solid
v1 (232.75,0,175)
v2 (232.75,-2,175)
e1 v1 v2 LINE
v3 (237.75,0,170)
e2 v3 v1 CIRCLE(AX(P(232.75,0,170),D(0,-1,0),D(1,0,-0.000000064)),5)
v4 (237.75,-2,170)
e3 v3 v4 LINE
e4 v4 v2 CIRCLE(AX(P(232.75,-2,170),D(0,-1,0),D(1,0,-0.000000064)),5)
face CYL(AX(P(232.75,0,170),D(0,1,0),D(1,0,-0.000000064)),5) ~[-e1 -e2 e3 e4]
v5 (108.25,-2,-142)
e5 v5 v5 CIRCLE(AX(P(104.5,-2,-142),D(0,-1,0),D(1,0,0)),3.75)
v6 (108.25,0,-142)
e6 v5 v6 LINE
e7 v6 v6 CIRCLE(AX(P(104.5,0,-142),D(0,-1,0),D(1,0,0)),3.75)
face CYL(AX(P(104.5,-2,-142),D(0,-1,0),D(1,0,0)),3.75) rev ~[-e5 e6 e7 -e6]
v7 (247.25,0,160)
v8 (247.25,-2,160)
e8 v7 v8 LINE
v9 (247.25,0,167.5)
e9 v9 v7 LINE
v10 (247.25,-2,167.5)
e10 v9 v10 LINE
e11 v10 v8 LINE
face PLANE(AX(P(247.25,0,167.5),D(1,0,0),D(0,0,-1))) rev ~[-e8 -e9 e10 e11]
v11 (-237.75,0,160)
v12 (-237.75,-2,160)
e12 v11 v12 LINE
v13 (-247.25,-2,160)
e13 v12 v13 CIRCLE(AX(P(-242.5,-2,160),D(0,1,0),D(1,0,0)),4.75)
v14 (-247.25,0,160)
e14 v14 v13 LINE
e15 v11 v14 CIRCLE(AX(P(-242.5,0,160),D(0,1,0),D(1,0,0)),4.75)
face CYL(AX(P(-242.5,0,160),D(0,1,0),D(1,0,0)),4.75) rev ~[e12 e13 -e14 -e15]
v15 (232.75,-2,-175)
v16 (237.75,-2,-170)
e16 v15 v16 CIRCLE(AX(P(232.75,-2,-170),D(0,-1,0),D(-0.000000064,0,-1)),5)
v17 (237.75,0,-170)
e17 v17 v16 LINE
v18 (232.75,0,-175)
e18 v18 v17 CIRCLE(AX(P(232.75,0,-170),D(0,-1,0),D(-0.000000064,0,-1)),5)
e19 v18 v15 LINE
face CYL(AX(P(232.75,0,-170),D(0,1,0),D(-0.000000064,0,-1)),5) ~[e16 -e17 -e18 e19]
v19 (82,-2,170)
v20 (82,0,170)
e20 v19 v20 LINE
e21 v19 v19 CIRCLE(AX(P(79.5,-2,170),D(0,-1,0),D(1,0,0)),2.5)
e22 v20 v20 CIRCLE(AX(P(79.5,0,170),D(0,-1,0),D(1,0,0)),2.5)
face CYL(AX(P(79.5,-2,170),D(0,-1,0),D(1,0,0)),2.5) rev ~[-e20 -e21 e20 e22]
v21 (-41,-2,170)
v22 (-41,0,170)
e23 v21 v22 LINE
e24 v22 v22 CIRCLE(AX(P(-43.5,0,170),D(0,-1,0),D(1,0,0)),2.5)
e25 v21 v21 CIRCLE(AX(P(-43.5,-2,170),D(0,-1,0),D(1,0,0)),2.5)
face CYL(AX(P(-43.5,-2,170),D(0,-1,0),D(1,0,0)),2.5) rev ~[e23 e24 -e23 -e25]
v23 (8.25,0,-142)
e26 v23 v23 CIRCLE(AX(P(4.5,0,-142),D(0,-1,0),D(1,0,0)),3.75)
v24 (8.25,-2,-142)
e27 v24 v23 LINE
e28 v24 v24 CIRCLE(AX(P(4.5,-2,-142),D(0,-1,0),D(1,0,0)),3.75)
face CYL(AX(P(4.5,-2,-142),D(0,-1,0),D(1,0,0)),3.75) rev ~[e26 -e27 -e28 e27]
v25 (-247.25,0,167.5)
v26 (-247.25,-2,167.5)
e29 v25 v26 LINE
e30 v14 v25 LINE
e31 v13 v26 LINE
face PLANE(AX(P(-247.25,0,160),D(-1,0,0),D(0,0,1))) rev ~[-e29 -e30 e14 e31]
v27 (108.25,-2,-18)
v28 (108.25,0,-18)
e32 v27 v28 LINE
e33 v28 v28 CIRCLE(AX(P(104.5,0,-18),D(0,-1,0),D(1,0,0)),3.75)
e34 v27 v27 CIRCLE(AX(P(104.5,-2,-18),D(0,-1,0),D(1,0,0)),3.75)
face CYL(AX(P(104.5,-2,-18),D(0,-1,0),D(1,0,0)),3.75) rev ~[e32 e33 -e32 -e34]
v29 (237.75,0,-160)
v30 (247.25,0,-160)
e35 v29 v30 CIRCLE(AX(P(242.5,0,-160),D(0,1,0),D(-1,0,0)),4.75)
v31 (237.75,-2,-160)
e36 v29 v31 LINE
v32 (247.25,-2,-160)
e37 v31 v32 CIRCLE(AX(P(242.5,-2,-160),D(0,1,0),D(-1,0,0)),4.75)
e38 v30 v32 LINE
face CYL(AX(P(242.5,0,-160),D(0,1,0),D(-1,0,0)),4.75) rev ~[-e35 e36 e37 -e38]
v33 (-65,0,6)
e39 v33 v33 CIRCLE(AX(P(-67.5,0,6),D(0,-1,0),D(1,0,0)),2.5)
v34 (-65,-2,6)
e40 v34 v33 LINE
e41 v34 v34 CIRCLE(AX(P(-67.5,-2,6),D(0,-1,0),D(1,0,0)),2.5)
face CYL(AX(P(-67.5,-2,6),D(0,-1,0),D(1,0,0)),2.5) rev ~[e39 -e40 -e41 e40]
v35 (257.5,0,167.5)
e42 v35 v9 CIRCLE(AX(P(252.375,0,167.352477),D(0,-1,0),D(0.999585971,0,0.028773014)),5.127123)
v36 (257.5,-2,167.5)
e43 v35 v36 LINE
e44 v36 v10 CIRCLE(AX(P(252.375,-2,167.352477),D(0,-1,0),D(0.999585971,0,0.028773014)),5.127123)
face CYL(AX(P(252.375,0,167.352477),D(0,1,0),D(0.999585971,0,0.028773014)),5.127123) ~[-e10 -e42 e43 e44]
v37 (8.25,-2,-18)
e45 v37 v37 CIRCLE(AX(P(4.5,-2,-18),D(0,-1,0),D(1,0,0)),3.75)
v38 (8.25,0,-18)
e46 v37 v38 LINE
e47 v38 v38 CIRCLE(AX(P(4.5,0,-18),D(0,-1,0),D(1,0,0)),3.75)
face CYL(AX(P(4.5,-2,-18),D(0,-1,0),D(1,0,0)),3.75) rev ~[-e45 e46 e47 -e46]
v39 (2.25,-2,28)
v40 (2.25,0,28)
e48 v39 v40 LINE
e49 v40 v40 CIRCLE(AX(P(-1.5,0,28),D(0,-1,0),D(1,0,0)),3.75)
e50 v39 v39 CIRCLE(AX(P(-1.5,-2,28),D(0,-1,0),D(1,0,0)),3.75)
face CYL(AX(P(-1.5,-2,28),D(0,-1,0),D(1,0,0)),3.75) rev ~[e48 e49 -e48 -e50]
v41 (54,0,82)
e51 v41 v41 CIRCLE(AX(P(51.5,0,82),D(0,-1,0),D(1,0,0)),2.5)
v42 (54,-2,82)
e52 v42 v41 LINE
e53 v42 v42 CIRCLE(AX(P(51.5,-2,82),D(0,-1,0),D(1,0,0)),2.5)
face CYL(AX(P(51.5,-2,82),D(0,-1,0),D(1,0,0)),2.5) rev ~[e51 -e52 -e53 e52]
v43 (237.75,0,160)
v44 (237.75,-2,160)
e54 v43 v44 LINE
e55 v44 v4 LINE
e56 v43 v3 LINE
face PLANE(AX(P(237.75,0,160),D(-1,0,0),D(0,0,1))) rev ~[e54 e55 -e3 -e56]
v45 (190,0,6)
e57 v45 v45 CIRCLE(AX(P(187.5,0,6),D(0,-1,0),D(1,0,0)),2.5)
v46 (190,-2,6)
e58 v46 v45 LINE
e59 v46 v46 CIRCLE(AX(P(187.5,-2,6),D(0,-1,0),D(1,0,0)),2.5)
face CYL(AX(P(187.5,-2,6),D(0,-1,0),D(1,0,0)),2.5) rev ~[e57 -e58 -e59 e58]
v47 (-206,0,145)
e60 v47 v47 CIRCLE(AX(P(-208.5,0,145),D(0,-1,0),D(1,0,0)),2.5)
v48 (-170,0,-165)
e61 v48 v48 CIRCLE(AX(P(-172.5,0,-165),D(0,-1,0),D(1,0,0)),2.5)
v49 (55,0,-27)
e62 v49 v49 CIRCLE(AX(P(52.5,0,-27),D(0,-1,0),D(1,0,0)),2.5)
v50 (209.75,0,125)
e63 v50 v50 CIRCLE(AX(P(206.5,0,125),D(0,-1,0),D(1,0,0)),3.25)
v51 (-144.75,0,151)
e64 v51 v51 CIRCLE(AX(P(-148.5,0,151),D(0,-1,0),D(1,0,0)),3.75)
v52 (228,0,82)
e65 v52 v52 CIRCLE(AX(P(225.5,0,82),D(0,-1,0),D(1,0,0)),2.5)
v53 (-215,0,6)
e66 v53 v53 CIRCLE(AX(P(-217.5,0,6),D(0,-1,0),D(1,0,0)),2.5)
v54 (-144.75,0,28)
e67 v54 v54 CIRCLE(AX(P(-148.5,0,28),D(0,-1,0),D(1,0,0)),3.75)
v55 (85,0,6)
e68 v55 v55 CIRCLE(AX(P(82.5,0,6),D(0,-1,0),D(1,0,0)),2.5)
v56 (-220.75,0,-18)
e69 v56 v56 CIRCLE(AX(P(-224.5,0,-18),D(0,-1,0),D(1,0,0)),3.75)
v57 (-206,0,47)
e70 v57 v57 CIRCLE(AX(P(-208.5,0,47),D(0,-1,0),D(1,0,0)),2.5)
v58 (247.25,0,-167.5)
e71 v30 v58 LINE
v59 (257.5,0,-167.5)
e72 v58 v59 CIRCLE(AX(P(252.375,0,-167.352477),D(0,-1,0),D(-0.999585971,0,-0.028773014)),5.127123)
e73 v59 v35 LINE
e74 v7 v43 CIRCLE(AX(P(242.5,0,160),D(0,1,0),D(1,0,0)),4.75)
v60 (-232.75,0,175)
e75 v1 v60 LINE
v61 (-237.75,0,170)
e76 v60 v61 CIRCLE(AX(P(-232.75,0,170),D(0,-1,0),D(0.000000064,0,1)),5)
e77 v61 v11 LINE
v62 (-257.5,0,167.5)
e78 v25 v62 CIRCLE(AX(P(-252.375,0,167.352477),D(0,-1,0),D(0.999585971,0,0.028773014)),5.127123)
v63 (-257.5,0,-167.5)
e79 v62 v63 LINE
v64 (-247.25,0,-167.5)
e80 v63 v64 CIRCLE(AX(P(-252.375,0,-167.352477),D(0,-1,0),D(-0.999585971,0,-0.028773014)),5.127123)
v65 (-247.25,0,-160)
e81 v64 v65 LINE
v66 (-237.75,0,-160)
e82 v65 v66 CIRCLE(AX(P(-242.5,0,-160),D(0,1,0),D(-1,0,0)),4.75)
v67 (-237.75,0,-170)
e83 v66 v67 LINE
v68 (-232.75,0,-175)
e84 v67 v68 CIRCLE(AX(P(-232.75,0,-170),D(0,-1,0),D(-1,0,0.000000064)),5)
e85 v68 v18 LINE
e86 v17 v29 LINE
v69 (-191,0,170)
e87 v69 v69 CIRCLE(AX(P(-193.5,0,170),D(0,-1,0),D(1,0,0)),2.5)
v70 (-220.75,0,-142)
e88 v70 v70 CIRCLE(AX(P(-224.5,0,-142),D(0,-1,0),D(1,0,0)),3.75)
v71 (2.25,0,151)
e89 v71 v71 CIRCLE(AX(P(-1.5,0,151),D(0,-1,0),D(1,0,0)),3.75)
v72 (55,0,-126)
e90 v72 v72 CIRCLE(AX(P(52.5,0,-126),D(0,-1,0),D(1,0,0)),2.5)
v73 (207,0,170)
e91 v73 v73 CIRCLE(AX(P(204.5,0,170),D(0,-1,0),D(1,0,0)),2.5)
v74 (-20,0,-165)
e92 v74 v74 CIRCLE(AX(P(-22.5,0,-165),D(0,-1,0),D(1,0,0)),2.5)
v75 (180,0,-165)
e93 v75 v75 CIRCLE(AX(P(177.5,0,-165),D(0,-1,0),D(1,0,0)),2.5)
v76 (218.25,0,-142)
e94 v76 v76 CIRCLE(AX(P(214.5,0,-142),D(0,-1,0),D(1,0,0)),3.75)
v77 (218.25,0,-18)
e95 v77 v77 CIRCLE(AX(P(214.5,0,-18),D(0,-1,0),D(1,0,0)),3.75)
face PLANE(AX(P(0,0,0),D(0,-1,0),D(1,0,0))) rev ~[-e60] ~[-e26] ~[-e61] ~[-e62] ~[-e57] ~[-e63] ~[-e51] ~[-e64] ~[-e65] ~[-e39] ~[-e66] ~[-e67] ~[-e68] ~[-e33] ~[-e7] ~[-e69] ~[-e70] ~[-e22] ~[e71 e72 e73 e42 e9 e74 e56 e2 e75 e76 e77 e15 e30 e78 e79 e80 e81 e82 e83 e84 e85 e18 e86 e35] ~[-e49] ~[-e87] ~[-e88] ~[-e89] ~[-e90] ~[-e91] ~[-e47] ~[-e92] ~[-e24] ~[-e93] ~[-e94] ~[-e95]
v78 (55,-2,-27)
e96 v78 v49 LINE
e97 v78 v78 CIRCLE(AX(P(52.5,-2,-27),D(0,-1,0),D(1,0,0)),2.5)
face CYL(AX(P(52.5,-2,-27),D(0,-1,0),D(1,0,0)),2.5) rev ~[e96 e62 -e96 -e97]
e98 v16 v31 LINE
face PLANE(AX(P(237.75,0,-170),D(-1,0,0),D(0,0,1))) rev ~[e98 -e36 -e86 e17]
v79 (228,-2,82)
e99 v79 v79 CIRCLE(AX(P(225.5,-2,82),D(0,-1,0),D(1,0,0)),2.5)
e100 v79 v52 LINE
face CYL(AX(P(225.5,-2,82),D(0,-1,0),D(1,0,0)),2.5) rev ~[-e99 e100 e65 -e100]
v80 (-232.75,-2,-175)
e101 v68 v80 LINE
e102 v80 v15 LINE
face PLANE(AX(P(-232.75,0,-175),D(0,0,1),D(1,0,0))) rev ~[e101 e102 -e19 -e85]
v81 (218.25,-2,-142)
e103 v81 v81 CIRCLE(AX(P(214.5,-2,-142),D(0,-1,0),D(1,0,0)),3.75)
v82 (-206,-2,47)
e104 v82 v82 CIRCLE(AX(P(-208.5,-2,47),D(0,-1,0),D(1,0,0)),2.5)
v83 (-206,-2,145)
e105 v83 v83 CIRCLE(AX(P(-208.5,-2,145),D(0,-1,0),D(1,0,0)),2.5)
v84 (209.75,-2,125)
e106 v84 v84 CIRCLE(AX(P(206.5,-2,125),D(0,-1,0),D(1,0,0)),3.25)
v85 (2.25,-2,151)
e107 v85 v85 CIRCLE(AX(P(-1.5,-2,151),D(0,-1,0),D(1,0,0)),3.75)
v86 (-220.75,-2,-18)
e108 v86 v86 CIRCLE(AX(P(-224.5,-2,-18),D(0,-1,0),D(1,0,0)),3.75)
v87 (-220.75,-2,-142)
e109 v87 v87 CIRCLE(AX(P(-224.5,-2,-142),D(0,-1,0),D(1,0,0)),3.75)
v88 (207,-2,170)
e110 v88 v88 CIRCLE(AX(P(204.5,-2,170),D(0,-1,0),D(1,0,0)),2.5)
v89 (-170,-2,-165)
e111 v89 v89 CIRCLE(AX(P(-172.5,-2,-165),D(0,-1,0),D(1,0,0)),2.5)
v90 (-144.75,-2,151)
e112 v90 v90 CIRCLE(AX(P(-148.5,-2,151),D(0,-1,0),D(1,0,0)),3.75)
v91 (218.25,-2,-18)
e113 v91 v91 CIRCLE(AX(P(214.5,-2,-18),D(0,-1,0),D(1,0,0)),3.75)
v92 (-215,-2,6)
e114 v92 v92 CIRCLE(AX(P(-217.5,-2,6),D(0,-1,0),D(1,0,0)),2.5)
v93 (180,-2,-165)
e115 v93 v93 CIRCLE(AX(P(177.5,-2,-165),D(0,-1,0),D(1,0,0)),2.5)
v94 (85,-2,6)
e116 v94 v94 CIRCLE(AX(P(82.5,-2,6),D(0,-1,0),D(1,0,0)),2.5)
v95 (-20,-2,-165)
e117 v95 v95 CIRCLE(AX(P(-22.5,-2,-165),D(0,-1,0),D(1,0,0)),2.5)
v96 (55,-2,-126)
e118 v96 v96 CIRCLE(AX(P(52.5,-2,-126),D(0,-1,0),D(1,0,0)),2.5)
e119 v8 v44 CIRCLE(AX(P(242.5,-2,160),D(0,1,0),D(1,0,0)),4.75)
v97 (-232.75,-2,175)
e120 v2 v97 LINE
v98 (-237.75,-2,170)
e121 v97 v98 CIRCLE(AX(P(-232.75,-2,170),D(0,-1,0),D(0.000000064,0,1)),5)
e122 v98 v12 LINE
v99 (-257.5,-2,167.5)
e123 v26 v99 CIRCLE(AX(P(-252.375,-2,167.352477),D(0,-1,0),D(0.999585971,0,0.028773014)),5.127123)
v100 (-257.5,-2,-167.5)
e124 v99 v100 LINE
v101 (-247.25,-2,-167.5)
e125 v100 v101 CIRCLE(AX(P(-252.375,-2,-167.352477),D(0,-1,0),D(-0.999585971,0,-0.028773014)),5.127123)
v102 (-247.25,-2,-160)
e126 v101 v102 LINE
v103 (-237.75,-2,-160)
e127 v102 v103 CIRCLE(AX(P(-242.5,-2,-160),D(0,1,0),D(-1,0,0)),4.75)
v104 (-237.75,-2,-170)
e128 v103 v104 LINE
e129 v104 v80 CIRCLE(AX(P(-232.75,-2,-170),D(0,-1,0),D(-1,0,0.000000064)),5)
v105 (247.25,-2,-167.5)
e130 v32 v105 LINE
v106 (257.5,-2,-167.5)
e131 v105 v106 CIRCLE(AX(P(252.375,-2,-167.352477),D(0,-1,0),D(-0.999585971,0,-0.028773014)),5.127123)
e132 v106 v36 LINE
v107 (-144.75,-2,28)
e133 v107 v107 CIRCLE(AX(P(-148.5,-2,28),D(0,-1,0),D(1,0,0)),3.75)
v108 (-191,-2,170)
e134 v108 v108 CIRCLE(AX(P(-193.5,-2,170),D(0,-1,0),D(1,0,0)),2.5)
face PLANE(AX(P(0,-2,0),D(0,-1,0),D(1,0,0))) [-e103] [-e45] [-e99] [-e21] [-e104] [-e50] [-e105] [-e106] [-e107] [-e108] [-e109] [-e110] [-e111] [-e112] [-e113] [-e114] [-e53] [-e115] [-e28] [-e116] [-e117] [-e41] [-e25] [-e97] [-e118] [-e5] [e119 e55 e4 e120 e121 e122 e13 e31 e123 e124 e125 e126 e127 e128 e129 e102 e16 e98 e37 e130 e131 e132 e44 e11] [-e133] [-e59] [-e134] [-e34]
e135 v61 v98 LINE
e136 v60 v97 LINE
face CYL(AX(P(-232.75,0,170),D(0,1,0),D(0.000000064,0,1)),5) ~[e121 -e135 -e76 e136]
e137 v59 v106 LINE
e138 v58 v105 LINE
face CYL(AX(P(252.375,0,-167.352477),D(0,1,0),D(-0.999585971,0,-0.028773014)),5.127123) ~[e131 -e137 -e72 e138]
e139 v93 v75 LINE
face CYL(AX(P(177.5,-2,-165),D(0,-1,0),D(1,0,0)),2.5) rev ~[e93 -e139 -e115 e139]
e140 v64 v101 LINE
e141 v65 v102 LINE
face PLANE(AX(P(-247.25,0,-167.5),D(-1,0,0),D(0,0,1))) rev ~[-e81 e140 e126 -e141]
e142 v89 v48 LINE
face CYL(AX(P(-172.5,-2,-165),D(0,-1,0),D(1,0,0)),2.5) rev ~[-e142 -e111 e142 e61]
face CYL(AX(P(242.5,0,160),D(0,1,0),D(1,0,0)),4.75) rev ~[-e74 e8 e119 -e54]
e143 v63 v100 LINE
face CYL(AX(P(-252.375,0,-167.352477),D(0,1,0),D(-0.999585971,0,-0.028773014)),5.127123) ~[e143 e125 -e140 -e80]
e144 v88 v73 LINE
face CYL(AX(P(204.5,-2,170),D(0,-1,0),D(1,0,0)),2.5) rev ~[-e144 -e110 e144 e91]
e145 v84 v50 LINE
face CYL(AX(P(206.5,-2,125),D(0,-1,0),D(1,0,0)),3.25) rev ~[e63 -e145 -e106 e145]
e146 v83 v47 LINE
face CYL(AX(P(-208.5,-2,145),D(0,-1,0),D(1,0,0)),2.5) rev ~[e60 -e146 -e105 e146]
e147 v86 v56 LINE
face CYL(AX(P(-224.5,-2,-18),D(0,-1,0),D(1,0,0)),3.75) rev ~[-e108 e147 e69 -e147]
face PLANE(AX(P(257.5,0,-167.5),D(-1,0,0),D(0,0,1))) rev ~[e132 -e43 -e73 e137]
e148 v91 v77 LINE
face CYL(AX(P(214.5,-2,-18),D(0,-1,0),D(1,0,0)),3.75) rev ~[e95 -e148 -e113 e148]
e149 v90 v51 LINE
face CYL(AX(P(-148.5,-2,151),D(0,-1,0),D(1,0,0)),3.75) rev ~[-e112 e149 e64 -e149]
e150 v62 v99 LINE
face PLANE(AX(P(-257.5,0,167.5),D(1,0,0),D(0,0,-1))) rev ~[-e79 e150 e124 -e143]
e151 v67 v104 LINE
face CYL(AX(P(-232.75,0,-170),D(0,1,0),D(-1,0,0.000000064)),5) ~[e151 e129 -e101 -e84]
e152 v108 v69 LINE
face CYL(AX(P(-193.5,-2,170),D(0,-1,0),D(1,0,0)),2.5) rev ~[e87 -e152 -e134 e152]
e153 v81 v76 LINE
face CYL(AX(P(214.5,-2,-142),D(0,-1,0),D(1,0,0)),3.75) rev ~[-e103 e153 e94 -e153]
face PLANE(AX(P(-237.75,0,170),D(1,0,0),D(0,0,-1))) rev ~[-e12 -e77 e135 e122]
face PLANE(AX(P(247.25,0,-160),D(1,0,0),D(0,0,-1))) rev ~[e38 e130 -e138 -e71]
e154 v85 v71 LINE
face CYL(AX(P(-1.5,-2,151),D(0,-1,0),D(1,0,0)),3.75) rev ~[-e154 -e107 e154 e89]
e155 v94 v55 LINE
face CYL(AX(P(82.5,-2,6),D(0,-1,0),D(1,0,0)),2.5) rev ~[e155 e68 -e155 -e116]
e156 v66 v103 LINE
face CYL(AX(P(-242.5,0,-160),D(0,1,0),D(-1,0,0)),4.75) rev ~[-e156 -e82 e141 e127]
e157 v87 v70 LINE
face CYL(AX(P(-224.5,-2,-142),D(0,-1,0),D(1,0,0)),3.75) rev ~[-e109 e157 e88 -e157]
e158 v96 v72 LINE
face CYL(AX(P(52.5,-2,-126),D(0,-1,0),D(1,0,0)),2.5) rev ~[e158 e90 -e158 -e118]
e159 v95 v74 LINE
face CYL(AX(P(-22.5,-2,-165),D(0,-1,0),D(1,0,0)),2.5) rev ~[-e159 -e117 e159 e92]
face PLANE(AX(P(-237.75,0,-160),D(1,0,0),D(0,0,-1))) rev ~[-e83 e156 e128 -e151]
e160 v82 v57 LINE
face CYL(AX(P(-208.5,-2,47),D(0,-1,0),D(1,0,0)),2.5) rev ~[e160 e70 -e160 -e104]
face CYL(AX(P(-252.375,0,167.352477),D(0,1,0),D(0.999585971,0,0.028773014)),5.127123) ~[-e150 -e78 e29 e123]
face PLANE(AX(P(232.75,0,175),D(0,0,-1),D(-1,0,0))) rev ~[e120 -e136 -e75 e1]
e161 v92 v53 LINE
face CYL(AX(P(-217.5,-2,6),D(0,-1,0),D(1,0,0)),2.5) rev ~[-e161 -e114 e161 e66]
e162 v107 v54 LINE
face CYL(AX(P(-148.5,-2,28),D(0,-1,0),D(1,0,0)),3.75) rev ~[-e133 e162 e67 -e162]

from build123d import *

# Parameters (mm, degrees)
F1_DEPTH = 2
F2_R     = 2.5
F2_R_2   = 3.75
F2_R_3   = 3.25
F3_DEPTH = 25


with BuildPart() as f1:
    # F0 (on Front) → F1 (new body)
    with BuildSketch(Plane.XZ):
        with BuildLine():
            ThreePointArc((-237.75, -170), (-236.285534, -173.535534), (-232.75, -175))
            Line((-232.75, -175), (232.75, -175))
            ThreePointArc((232.75, -175), (236.285534, -173.535534), (237.75, -170))
            Line((237.75, -170), (237.75, -160))
            ThreePointArc((237.75, -160), (242.5, -155.25), (247.25, -160))
            Line((247.25, -160), (247.25, -167.5))
            ThreePointArc((247.25, -167.5), (252.375, -172.4796), (257.5, -167.5))
            Line((257.5, -167.5), (257.5, 167.5))
            ThreePointArc((257.5, 167.5), (252.375, 172.4796), (247.25, 167.5))
            Line((247.25, 167.5), (247.25, 160))
            ThreePointArc((247.25, 160), (242.5, 155.25), (237.75, 160))
            Line((237.75, 160), (237.75, 170))
            ThreePointArc((237.75, 170), (236.285534, 173.535534), (232.75, 175))
            Line((232.75, 175), (-232.75, 175))
            ThreePointArc((-232.75, 175), (-236.285534, 173.535534), (-237.75, 170))
            Line((-237.75, 170), (-237.75, 160))
            ThreePointArc((-237.75, 160), (-242.5, 155.25), (-247.25, 160))
            Line((-247.25, 160), (-247.25, 167.5))
            ThreePointArc((-247.25, 167.5), (-252.375, 172.4796), (-257.5, 167.5))
            Line((-257.5, 167.5), (-257.5, -167.5))
            ThreePointArc((-257.5, -167.5), (-252.375, -172.4796), (-247.25, -167.5))
            Line((-247.25, -167.5), (-247.25, -160))
            ThreePointArc((-247.25, -160), (-242.5, -155.25), (-237.75, -160))
            Line((-237.75, -160), (-237.75, -170))
        make_face()
    extrude(amount=F1_DEPTH)

    # F2 (on face) → F3 (cut)
    with BuildSketch(Plane.XZ.offset(2)):
        with Locations((-172.5, -165)):
            Circle(F2_R)
        with Locations((-22.5, -165)):
            Circle(F2_R)
        with Locations((177.5, -165)):
            Circle(F2_R)
        with Locations((-224.5, -142)):
            Circle(F2_R_2)
        with Locations((-224.5, -18)):
            Circle(F2_R_2)
        with Locations((4.5, -18)):
            Circle(F2_R_2)
        with Locations((4.5, -142)):
            Circle(F2_R_2)
        with Locations((52.5, -126)):
            Circle(F2_R)
        with Locations((52.5, -27)):
            Circle(F2_R)
        with Locations((104.5, -18)):
            Circle(F2_R_2)
        with Locations((214.5, -18)):
            Circle(F2_R_2)
        with Locations((104.5, -142)):
            Circle(F2_R_2)
        with Locations((214.5, -142)):
            Circle(F2_R_2)
        with Locations((-217.5, 6)):
            Circle(F2_R)
        with Locations((-67.5, 6)):
            Circle(F2_R)
        with Locations((82.5, 6)):
            Circle(F2_R)
        with Locations((187.5, 6)):
            Circle(F2_R)
        with Locations((-193.5, 170)):
            Circle(F2_R)
        with Locations((-208.5, 47)):
            Circle(F2_R)
        with Locations((-208.5, 145)):
            Circle(F2_R)
        with Locations((-148.5, 28)):
            Circle(F2_R_2)
        with Locations((-148.5, 151)):
            Circle(F2_R_2)
        with Locations((-1.5, 151)):
            Circle(F2_R_2)
        with Locations((-1.5, 28)):
            Circle(F2_R_2)
        with Locations((51.5, 82)):
            Circle(F2_R)
        with Locations((225.5, 82)):
            Circle(F2_R)
        with Locations((206.5, 125)):
            Circle(F2_R_3)
        with Locations((-43.5, 170)):
            Circle(F2_R)
        with Locations((79.5, 170)):
            Circle(F2_R)
        with Locations((204.5, 170)):
            Circle(F2_R)
    extrude(amount=-F3_DEPTH, mode=Mode.SUBTRACT)


solid = f1.part
